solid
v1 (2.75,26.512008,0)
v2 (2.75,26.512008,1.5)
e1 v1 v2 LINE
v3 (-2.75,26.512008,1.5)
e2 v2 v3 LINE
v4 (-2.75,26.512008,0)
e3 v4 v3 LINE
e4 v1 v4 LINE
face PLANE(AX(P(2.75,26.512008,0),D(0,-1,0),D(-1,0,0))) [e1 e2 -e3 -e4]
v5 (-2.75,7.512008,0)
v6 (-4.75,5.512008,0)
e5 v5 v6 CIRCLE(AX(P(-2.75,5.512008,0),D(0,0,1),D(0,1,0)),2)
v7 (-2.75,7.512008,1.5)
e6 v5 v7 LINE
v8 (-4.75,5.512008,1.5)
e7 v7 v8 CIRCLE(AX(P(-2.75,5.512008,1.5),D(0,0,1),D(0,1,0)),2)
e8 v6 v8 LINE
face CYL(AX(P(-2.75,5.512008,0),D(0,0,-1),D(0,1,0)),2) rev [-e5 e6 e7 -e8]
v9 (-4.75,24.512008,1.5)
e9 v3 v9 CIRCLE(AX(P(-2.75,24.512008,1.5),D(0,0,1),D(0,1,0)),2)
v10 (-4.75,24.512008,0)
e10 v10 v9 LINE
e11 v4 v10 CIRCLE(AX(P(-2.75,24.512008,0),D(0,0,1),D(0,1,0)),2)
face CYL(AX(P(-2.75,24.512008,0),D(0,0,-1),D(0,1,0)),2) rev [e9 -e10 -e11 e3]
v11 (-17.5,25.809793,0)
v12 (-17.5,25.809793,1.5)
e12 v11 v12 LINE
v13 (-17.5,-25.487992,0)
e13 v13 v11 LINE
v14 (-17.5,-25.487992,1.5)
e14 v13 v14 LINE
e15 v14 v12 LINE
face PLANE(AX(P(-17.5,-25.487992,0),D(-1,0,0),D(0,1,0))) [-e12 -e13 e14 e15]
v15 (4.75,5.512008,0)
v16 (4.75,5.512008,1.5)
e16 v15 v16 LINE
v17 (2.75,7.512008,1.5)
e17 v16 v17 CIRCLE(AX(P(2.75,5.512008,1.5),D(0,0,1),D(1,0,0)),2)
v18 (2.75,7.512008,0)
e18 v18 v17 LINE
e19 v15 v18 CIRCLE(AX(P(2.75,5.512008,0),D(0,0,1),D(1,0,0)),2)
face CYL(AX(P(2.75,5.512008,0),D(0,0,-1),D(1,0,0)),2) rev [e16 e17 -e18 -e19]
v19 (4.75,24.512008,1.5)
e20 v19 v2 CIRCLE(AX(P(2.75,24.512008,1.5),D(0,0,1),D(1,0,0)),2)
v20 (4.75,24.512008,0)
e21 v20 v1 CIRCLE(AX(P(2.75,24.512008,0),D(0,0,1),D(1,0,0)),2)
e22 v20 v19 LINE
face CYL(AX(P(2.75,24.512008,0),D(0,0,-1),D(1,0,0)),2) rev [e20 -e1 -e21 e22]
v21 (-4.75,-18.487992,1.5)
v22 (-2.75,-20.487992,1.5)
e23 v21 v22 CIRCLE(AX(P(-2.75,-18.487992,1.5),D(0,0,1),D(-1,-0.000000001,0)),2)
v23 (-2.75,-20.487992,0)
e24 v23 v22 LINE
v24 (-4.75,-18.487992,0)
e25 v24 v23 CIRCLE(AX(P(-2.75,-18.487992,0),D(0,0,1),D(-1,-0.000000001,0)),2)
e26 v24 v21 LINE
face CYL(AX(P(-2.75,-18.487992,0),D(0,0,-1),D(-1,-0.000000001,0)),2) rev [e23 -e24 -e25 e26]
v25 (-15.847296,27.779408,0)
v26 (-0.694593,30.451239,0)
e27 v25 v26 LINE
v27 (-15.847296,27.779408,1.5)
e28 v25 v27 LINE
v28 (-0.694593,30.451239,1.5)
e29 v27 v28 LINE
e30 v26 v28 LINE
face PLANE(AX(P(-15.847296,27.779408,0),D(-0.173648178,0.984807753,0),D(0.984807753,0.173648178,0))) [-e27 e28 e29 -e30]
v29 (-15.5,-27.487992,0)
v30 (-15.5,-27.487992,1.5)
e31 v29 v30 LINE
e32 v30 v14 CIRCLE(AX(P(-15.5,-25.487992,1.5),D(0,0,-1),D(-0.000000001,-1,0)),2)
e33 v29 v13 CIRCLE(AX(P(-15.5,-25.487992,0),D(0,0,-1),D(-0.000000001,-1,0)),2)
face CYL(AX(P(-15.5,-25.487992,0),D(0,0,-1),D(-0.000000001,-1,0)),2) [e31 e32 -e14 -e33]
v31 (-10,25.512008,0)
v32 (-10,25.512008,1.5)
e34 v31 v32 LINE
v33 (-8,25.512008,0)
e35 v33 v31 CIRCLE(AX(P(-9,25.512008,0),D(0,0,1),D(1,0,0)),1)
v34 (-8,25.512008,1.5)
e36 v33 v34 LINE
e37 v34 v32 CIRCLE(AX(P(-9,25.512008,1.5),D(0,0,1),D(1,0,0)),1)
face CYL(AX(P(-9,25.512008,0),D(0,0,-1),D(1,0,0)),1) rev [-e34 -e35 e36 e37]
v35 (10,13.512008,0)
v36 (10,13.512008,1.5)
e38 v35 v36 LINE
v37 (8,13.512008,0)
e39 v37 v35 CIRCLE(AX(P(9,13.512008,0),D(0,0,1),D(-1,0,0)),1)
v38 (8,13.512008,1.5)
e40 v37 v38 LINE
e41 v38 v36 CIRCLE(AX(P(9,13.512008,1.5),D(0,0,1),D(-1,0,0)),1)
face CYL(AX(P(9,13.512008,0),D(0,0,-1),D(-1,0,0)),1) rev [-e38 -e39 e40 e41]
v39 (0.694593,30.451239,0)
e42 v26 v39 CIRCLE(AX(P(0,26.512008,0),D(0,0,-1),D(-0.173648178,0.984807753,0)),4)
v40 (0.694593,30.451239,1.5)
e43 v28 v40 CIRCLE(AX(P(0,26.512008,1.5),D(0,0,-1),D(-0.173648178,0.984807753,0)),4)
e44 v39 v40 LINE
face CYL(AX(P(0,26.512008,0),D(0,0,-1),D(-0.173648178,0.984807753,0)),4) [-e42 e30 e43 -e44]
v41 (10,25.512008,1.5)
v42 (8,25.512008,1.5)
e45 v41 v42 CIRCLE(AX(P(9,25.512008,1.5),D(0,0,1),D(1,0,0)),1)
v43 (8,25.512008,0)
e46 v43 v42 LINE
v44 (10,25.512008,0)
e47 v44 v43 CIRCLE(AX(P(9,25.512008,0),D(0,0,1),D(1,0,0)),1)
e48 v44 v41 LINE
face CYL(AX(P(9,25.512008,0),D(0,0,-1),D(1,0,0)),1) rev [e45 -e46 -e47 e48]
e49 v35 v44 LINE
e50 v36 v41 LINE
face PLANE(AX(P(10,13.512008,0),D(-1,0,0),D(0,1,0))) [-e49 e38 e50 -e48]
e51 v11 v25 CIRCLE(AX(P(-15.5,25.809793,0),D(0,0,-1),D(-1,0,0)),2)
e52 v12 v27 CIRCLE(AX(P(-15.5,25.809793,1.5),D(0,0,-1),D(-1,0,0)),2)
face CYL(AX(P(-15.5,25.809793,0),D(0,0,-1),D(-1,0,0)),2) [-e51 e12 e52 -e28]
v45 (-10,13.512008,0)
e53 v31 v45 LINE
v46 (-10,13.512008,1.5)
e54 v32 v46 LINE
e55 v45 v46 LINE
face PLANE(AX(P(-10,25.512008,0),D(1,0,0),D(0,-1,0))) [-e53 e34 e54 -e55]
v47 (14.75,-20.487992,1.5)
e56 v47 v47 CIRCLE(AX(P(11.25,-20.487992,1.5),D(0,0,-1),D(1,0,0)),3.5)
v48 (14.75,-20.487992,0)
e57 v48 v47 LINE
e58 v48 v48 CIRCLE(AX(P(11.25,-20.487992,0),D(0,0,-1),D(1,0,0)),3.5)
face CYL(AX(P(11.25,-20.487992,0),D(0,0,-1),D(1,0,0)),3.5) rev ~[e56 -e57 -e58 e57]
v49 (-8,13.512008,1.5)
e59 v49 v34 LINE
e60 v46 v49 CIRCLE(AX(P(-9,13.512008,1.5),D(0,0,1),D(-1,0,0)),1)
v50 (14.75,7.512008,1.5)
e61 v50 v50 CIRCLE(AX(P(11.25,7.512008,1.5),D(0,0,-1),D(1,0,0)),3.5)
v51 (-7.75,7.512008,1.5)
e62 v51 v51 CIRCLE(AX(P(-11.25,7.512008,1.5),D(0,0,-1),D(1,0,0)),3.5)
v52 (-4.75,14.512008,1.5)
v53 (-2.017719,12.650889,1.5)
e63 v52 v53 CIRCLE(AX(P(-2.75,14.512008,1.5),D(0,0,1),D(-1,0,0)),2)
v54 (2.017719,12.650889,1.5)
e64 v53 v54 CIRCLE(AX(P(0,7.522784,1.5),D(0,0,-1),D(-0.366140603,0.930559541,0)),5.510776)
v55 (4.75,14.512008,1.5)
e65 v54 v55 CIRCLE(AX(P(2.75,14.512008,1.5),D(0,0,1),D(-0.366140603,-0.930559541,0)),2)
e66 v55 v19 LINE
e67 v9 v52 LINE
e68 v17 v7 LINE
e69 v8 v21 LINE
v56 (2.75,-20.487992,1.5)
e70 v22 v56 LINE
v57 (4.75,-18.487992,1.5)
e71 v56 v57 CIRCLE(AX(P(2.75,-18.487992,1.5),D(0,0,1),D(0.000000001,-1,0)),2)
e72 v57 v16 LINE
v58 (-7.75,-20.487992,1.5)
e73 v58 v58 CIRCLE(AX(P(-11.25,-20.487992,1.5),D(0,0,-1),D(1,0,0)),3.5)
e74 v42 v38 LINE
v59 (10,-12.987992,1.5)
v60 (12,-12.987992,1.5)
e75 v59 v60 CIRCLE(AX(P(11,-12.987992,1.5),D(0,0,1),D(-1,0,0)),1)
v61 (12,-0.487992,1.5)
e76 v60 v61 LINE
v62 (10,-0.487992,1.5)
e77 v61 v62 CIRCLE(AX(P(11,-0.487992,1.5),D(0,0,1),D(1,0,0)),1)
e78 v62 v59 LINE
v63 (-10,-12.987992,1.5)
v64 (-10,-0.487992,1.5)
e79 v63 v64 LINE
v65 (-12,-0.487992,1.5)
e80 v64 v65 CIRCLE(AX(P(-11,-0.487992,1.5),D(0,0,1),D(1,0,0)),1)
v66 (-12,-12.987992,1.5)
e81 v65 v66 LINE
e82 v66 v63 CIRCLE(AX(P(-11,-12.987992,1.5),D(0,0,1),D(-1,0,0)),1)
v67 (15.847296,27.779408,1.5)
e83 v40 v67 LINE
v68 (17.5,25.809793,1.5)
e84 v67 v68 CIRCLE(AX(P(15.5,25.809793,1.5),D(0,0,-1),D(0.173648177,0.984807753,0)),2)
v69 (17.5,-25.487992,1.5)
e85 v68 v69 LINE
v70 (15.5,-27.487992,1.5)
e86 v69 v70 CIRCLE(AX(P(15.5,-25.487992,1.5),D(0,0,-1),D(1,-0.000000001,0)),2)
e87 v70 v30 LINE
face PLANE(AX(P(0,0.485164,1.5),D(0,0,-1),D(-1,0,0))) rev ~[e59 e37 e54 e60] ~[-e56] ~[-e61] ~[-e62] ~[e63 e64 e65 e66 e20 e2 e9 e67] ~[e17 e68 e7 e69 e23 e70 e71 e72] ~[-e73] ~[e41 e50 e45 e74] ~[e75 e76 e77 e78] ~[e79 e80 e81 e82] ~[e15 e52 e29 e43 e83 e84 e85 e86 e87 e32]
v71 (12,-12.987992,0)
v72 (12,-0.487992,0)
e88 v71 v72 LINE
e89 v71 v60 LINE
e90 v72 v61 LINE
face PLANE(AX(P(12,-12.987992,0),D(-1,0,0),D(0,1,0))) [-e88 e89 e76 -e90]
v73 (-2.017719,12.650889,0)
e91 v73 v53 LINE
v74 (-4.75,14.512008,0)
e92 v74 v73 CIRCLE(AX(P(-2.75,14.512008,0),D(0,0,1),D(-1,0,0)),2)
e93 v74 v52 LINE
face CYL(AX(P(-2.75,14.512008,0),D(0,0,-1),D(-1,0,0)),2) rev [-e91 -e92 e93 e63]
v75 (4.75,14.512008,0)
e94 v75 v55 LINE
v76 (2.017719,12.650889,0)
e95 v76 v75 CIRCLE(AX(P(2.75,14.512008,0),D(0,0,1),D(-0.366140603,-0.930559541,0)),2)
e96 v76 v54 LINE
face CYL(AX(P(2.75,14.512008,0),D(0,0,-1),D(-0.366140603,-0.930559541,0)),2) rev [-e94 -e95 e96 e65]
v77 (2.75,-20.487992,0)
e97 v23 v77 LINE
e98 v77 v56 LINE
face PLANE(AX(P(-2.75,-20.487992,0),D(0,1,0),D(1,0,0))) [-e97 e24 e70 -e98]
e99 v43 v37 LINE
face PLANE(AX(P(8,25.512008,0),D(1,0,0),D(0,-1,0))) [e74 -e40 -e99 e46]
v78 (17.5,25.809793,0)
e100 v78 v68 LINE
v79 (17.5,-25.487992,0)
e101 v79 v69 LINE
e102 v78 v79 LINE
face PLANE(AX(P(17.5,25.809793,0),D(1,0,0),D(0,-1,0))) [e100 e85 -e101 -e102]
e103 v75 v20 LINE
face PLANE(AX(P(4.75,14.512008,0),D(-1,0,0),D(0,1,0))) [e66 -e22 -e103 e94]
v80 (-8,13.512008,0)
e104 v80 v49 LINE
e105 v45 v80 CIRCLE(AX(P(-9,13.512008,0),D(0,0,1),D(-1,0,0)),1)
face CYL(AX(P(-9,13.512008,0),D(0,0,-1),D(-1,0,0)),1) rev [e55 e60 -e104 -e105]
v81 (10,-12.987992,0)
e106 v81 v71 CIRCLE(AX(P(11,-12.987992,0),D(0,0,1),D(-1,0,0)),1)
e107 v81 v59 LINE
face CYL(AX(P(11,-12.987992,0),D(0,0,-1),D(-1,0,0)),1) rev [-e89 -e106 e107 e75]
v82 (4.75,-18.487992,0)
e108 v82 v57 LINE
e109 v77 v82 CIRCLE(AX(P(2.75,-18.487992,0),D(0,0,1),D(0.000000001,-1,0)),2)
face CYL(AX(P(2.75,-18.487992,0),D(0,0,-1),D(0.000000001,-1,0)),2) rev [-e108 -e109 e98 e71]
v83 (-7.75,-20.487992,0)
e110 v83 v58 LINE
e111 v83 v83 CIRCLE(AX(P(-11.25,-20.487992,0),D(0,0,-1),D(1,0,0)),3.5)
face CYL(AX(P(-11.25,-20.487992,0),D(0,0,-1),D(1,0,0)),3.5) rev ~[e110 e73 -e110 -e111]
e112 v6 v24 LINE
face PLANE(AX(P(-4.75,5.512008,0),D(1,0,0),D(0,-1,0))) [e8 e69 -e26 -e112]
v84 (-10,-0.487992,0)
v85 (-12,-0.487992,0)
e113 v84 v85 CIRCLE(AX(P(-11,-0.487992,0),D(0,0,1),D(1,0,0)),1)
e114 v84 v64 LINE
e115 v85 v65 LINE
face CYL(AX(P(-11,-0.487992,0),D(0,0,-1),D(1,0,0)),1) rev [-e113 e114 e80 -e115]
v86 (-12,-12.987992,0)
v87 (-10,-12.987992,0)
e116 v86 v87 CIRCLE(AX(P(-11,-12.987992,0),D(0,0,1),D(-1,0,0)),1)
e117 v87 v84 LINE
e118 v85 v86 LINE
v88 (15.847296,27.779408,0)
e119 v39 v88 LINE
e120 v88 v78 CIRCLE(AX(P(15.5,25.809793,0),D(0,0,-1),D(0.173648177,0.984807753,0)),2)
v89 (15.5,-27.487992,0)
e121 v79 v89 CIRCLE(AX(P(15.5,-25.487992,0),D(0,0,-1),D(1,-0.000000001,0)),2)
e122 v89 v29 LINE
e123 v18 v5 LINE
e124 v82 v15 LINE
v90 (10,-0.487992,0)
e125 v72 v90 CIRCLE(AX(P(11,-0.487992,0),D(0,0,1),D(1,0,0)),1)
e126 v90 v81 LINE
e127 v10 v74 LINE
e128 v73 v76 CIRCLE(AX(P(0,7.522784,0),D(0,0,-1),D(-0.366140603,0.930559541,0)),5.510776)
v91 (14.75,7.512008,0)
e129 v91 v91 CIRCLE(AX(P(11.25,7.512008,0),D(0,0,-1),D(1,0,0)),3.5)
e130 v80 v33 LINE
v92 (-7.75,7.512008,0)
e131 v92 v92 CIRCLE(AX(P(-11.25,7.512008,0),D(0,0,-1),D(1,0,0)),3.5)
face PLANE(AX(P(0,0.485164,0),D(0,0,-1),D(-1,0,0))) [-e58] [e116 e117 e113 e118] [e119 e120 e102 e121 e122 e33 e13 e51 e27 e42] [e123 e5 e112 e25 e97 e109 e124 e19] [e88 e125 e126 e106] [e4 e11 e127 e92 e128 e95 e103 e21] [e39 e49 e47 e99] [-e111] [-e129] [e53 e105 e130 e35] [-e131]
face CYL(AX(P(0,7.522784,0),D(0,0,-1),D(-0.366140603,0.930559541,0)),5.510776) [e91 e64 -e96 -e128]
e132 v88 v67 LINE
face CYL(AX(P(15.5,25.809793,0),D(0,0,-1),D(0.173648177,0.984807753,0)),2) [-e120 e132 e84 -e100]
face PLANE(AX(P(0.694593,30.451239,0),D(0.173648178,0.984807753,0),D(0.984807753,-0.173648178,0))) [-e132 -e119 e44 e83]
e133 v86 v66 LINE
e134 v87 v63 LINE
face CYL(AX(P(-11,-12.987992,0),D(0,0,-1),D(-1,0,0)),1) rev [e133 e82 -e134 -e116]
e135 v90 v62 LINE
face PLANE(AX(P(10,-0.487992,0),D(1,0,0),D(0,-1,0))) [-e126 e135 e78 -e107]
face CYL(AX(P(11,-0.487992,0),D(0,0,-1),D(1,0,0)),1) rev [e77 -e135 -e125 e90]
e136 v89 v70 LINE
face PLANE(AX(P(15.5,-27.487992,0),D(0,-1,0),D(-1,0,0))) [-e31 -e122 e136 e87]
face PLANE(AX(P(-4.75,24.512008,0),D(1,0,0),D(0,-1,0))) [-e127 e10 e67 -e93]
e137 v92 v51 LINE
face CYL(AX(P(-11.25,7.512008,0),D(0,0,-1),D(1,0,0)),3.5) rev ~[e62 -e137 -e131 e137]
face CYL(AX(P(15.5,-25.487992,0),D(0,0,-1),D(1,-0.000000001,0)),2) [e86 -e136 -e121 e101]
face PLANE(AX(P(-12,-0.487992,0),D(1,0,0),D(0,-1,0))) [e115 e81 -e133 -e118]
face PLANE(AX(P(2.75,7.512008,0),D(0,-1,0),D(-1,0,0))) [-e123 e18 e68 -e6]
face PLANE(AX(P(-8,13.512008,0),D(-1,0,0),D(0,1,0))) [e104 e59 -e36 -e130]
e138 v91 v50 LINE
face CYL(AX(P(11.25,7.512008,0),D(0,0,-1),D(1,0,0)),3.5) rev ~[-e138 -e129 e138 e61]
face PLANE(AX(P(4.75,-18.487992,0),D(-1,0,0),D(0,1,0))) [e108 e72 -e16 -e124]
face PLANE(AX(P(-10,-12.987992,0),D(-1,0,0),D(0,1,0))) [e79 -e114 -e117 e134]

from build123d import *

# Parameters (mm, degrees)
CROQUIS1_R              = 3.5
SALIENTE_EXTRUIR1_DEPTH = 1.5


with BuildPart() as part:
    # Croquis1 → Saliente-Extruir1 (new body)
    with BuildSketch(Plane(origin=(0, 0, 0), x_dir=(-1, 0, 0), z_dir=(0, 0, -1))):
        with BuildLine():
            Line((15.847296355, 27.779408386), (0.694592711, 30.451238869))
            ThreePointArc((0.694592711, 30.451238869), (0, 30.512007857), (-0.694592711, 30.451238869))
            Line((-0.694592711, 30.451238869), (-15.847296355, 27.779408386))
            ThreePointArc((-15.847296355, 27.779408386), (-17.032088886, 27.0953681), (-17.5, 25.80979288))
            Line((-17.5, 25.80979288), (-17.5, -25.487992143))
            ThreePointArc((-17.5, -25.487992143), (-16.914213562, -26.902205705), (-15.5, -27.487992143))
            Line((-15.5, -27.487992143), (15.5, -27.487992143))
            ThreePointArc((15.5, -27.487992143), (16.914213562, -26.902205705), (17.5, -25.487992143))
            Line((17.5, -25.487992143), (17.5, 25.80979288))
            ThreePointArc((17.5, 25.80979288), (17.032088886, 27.0953681), (15.847296355, 27.779408386))
        make_face()
        with Locations(Location((11.25, 7.512007857, 0), (0, 0, 180))):
            Circle(CROQUIS1_R, mode=Mode.SUBTRACT)
        with Locations(Location((11.25, -20.487992143, 0), (0, 0, 180))):
            Circle(CROQUIS1_R, mode=Mode.SUBTRACT)
        with Locations(Location((-11.25, -20.487992143, 0), (0, 0, 180))):
            Circle(CROQUIS1_R, mode=Mode.SUBTRACT)
        with Locations(Location((-11.25, 7.512007857, 0), (0, 0, 180))):
            Circle(CROQUIS1_R, mode=Mode.SUBTRACT)
        with BuildLine():
            Line((-4.75, 14.512007857), (-4.75, 24.512007857))
            ThreePointArc((-4.75, 24.512007857), (-4.164213562, 25.92622142), (-2.75, 26.512007857))
            Line((-2.75, 26.512007857), (2.75, 26.512007857))
            ThreePointArc((2.75, 26.512007857), (4.164213562, 25.92622142), (4.75, 24.512007857))
            Line((4.75, 24.512007857), (4.75, 14.512007857))
            ThreePointArc((4.75, 14.512007857), (3.875930191, 12.859046513), (2.017718795, 12.650888776))
            ThreePointArc((2.017718795, 12.650888776), (0, 13.033559582), (-2.017718795, 12.650888776))
            ThreePointArc((-2.017718795, 12.650888776), (-3.875930191, 12.859046513), (-4.75, 14.512007857))
        make_face(mode=Mode.SUBTRACT)
        with BuildLine():
            Line((4.75, 5.512007857), (4.75, -18.487992143))
            ThreePointArc((4.75, -18.487992143), (4.164213562, -19.902205705), (2.75, -20.487992143))
            Line((2.75, -20.487992143), (-2.75, -20.487992143))
            ThreePointArc((-2.75, -20.487992143), (-4.164213562, -19.902205705), (-4.75, -18.487992143))
            Line((-4.75, -18.487992143), (-4.75, 5.512007857))
            ThreePointArc((-4.75, 5.512007857), (-4.164213562, 6.92622142), (-2.75, 7.512007857))
            Line((-2.75, 7.512007857), (2.75, 7.512007857))
            ThreePointArc((2.75, 7.512007857), (4.164213562, 6.92622142), (4.75, 5.512007857))
        make_face(mode=Mode.SUBTRACT)
        with BuildLine():
            Line((12, -0.487992143), (12, -12.987992143))
            ThreePointArc((12, -12.987992143), (11, -13.987992143), (10, -12.987992143))
            Line((10, -12.987992143), (10, -0.487992143))
            ThreePointArc((10, -0.487992143), (11, 0.512007857), (12, -0.487992143))
        make_face(mode=Mode.SUBTRACT)
        with BuildLine():
            Line((10, 25.512007857), (10, 13.512007857))
            ThreePointArc((10, 13.512007857), (9, 12.512007857), (8, 13.512007857))
            Line((8, 13.512007857), (8, 25.512007857))
            ThreePointArc((8, 25.512007857), (9, 26.512007857), (10, 25.512007857))
        make_face(mode=Mode.SUBTRACT)
        with BuildLine():
            Line((-10, -0.487992143), (-10, -12.987992143))
            ThreePointArc((-10, -12.987992143), (-11, -13.987992143), (-12, -12.987992143))
            Line((-12, -12.987992143), (-12, -0.487992143))
            ThreePointArc((-12, -0.487992143), (-11, 0.512007857), (-10, -0.487992143))
        make_face(mode=Mode.SUBTRACT)
        with BuildLine():
            Line((-8, 25.512007857), (-8, 13.512007857))
            ThreePointArc((-8, 13.512007857), (-9, 12.512007857), (-10, 13.512007857))
            Line((-10, 13.512007857), (-10, 25.512007857))
            ThreePointArc((-10, 25.512007857), (-9, 26.512007857), (-8, 25.512007857))
        make_face(mode=Mode.SUBTRACT)
    extrude(amount=-SALIENTE_EXTRUIR1_DEPTH)


solid = part.part
